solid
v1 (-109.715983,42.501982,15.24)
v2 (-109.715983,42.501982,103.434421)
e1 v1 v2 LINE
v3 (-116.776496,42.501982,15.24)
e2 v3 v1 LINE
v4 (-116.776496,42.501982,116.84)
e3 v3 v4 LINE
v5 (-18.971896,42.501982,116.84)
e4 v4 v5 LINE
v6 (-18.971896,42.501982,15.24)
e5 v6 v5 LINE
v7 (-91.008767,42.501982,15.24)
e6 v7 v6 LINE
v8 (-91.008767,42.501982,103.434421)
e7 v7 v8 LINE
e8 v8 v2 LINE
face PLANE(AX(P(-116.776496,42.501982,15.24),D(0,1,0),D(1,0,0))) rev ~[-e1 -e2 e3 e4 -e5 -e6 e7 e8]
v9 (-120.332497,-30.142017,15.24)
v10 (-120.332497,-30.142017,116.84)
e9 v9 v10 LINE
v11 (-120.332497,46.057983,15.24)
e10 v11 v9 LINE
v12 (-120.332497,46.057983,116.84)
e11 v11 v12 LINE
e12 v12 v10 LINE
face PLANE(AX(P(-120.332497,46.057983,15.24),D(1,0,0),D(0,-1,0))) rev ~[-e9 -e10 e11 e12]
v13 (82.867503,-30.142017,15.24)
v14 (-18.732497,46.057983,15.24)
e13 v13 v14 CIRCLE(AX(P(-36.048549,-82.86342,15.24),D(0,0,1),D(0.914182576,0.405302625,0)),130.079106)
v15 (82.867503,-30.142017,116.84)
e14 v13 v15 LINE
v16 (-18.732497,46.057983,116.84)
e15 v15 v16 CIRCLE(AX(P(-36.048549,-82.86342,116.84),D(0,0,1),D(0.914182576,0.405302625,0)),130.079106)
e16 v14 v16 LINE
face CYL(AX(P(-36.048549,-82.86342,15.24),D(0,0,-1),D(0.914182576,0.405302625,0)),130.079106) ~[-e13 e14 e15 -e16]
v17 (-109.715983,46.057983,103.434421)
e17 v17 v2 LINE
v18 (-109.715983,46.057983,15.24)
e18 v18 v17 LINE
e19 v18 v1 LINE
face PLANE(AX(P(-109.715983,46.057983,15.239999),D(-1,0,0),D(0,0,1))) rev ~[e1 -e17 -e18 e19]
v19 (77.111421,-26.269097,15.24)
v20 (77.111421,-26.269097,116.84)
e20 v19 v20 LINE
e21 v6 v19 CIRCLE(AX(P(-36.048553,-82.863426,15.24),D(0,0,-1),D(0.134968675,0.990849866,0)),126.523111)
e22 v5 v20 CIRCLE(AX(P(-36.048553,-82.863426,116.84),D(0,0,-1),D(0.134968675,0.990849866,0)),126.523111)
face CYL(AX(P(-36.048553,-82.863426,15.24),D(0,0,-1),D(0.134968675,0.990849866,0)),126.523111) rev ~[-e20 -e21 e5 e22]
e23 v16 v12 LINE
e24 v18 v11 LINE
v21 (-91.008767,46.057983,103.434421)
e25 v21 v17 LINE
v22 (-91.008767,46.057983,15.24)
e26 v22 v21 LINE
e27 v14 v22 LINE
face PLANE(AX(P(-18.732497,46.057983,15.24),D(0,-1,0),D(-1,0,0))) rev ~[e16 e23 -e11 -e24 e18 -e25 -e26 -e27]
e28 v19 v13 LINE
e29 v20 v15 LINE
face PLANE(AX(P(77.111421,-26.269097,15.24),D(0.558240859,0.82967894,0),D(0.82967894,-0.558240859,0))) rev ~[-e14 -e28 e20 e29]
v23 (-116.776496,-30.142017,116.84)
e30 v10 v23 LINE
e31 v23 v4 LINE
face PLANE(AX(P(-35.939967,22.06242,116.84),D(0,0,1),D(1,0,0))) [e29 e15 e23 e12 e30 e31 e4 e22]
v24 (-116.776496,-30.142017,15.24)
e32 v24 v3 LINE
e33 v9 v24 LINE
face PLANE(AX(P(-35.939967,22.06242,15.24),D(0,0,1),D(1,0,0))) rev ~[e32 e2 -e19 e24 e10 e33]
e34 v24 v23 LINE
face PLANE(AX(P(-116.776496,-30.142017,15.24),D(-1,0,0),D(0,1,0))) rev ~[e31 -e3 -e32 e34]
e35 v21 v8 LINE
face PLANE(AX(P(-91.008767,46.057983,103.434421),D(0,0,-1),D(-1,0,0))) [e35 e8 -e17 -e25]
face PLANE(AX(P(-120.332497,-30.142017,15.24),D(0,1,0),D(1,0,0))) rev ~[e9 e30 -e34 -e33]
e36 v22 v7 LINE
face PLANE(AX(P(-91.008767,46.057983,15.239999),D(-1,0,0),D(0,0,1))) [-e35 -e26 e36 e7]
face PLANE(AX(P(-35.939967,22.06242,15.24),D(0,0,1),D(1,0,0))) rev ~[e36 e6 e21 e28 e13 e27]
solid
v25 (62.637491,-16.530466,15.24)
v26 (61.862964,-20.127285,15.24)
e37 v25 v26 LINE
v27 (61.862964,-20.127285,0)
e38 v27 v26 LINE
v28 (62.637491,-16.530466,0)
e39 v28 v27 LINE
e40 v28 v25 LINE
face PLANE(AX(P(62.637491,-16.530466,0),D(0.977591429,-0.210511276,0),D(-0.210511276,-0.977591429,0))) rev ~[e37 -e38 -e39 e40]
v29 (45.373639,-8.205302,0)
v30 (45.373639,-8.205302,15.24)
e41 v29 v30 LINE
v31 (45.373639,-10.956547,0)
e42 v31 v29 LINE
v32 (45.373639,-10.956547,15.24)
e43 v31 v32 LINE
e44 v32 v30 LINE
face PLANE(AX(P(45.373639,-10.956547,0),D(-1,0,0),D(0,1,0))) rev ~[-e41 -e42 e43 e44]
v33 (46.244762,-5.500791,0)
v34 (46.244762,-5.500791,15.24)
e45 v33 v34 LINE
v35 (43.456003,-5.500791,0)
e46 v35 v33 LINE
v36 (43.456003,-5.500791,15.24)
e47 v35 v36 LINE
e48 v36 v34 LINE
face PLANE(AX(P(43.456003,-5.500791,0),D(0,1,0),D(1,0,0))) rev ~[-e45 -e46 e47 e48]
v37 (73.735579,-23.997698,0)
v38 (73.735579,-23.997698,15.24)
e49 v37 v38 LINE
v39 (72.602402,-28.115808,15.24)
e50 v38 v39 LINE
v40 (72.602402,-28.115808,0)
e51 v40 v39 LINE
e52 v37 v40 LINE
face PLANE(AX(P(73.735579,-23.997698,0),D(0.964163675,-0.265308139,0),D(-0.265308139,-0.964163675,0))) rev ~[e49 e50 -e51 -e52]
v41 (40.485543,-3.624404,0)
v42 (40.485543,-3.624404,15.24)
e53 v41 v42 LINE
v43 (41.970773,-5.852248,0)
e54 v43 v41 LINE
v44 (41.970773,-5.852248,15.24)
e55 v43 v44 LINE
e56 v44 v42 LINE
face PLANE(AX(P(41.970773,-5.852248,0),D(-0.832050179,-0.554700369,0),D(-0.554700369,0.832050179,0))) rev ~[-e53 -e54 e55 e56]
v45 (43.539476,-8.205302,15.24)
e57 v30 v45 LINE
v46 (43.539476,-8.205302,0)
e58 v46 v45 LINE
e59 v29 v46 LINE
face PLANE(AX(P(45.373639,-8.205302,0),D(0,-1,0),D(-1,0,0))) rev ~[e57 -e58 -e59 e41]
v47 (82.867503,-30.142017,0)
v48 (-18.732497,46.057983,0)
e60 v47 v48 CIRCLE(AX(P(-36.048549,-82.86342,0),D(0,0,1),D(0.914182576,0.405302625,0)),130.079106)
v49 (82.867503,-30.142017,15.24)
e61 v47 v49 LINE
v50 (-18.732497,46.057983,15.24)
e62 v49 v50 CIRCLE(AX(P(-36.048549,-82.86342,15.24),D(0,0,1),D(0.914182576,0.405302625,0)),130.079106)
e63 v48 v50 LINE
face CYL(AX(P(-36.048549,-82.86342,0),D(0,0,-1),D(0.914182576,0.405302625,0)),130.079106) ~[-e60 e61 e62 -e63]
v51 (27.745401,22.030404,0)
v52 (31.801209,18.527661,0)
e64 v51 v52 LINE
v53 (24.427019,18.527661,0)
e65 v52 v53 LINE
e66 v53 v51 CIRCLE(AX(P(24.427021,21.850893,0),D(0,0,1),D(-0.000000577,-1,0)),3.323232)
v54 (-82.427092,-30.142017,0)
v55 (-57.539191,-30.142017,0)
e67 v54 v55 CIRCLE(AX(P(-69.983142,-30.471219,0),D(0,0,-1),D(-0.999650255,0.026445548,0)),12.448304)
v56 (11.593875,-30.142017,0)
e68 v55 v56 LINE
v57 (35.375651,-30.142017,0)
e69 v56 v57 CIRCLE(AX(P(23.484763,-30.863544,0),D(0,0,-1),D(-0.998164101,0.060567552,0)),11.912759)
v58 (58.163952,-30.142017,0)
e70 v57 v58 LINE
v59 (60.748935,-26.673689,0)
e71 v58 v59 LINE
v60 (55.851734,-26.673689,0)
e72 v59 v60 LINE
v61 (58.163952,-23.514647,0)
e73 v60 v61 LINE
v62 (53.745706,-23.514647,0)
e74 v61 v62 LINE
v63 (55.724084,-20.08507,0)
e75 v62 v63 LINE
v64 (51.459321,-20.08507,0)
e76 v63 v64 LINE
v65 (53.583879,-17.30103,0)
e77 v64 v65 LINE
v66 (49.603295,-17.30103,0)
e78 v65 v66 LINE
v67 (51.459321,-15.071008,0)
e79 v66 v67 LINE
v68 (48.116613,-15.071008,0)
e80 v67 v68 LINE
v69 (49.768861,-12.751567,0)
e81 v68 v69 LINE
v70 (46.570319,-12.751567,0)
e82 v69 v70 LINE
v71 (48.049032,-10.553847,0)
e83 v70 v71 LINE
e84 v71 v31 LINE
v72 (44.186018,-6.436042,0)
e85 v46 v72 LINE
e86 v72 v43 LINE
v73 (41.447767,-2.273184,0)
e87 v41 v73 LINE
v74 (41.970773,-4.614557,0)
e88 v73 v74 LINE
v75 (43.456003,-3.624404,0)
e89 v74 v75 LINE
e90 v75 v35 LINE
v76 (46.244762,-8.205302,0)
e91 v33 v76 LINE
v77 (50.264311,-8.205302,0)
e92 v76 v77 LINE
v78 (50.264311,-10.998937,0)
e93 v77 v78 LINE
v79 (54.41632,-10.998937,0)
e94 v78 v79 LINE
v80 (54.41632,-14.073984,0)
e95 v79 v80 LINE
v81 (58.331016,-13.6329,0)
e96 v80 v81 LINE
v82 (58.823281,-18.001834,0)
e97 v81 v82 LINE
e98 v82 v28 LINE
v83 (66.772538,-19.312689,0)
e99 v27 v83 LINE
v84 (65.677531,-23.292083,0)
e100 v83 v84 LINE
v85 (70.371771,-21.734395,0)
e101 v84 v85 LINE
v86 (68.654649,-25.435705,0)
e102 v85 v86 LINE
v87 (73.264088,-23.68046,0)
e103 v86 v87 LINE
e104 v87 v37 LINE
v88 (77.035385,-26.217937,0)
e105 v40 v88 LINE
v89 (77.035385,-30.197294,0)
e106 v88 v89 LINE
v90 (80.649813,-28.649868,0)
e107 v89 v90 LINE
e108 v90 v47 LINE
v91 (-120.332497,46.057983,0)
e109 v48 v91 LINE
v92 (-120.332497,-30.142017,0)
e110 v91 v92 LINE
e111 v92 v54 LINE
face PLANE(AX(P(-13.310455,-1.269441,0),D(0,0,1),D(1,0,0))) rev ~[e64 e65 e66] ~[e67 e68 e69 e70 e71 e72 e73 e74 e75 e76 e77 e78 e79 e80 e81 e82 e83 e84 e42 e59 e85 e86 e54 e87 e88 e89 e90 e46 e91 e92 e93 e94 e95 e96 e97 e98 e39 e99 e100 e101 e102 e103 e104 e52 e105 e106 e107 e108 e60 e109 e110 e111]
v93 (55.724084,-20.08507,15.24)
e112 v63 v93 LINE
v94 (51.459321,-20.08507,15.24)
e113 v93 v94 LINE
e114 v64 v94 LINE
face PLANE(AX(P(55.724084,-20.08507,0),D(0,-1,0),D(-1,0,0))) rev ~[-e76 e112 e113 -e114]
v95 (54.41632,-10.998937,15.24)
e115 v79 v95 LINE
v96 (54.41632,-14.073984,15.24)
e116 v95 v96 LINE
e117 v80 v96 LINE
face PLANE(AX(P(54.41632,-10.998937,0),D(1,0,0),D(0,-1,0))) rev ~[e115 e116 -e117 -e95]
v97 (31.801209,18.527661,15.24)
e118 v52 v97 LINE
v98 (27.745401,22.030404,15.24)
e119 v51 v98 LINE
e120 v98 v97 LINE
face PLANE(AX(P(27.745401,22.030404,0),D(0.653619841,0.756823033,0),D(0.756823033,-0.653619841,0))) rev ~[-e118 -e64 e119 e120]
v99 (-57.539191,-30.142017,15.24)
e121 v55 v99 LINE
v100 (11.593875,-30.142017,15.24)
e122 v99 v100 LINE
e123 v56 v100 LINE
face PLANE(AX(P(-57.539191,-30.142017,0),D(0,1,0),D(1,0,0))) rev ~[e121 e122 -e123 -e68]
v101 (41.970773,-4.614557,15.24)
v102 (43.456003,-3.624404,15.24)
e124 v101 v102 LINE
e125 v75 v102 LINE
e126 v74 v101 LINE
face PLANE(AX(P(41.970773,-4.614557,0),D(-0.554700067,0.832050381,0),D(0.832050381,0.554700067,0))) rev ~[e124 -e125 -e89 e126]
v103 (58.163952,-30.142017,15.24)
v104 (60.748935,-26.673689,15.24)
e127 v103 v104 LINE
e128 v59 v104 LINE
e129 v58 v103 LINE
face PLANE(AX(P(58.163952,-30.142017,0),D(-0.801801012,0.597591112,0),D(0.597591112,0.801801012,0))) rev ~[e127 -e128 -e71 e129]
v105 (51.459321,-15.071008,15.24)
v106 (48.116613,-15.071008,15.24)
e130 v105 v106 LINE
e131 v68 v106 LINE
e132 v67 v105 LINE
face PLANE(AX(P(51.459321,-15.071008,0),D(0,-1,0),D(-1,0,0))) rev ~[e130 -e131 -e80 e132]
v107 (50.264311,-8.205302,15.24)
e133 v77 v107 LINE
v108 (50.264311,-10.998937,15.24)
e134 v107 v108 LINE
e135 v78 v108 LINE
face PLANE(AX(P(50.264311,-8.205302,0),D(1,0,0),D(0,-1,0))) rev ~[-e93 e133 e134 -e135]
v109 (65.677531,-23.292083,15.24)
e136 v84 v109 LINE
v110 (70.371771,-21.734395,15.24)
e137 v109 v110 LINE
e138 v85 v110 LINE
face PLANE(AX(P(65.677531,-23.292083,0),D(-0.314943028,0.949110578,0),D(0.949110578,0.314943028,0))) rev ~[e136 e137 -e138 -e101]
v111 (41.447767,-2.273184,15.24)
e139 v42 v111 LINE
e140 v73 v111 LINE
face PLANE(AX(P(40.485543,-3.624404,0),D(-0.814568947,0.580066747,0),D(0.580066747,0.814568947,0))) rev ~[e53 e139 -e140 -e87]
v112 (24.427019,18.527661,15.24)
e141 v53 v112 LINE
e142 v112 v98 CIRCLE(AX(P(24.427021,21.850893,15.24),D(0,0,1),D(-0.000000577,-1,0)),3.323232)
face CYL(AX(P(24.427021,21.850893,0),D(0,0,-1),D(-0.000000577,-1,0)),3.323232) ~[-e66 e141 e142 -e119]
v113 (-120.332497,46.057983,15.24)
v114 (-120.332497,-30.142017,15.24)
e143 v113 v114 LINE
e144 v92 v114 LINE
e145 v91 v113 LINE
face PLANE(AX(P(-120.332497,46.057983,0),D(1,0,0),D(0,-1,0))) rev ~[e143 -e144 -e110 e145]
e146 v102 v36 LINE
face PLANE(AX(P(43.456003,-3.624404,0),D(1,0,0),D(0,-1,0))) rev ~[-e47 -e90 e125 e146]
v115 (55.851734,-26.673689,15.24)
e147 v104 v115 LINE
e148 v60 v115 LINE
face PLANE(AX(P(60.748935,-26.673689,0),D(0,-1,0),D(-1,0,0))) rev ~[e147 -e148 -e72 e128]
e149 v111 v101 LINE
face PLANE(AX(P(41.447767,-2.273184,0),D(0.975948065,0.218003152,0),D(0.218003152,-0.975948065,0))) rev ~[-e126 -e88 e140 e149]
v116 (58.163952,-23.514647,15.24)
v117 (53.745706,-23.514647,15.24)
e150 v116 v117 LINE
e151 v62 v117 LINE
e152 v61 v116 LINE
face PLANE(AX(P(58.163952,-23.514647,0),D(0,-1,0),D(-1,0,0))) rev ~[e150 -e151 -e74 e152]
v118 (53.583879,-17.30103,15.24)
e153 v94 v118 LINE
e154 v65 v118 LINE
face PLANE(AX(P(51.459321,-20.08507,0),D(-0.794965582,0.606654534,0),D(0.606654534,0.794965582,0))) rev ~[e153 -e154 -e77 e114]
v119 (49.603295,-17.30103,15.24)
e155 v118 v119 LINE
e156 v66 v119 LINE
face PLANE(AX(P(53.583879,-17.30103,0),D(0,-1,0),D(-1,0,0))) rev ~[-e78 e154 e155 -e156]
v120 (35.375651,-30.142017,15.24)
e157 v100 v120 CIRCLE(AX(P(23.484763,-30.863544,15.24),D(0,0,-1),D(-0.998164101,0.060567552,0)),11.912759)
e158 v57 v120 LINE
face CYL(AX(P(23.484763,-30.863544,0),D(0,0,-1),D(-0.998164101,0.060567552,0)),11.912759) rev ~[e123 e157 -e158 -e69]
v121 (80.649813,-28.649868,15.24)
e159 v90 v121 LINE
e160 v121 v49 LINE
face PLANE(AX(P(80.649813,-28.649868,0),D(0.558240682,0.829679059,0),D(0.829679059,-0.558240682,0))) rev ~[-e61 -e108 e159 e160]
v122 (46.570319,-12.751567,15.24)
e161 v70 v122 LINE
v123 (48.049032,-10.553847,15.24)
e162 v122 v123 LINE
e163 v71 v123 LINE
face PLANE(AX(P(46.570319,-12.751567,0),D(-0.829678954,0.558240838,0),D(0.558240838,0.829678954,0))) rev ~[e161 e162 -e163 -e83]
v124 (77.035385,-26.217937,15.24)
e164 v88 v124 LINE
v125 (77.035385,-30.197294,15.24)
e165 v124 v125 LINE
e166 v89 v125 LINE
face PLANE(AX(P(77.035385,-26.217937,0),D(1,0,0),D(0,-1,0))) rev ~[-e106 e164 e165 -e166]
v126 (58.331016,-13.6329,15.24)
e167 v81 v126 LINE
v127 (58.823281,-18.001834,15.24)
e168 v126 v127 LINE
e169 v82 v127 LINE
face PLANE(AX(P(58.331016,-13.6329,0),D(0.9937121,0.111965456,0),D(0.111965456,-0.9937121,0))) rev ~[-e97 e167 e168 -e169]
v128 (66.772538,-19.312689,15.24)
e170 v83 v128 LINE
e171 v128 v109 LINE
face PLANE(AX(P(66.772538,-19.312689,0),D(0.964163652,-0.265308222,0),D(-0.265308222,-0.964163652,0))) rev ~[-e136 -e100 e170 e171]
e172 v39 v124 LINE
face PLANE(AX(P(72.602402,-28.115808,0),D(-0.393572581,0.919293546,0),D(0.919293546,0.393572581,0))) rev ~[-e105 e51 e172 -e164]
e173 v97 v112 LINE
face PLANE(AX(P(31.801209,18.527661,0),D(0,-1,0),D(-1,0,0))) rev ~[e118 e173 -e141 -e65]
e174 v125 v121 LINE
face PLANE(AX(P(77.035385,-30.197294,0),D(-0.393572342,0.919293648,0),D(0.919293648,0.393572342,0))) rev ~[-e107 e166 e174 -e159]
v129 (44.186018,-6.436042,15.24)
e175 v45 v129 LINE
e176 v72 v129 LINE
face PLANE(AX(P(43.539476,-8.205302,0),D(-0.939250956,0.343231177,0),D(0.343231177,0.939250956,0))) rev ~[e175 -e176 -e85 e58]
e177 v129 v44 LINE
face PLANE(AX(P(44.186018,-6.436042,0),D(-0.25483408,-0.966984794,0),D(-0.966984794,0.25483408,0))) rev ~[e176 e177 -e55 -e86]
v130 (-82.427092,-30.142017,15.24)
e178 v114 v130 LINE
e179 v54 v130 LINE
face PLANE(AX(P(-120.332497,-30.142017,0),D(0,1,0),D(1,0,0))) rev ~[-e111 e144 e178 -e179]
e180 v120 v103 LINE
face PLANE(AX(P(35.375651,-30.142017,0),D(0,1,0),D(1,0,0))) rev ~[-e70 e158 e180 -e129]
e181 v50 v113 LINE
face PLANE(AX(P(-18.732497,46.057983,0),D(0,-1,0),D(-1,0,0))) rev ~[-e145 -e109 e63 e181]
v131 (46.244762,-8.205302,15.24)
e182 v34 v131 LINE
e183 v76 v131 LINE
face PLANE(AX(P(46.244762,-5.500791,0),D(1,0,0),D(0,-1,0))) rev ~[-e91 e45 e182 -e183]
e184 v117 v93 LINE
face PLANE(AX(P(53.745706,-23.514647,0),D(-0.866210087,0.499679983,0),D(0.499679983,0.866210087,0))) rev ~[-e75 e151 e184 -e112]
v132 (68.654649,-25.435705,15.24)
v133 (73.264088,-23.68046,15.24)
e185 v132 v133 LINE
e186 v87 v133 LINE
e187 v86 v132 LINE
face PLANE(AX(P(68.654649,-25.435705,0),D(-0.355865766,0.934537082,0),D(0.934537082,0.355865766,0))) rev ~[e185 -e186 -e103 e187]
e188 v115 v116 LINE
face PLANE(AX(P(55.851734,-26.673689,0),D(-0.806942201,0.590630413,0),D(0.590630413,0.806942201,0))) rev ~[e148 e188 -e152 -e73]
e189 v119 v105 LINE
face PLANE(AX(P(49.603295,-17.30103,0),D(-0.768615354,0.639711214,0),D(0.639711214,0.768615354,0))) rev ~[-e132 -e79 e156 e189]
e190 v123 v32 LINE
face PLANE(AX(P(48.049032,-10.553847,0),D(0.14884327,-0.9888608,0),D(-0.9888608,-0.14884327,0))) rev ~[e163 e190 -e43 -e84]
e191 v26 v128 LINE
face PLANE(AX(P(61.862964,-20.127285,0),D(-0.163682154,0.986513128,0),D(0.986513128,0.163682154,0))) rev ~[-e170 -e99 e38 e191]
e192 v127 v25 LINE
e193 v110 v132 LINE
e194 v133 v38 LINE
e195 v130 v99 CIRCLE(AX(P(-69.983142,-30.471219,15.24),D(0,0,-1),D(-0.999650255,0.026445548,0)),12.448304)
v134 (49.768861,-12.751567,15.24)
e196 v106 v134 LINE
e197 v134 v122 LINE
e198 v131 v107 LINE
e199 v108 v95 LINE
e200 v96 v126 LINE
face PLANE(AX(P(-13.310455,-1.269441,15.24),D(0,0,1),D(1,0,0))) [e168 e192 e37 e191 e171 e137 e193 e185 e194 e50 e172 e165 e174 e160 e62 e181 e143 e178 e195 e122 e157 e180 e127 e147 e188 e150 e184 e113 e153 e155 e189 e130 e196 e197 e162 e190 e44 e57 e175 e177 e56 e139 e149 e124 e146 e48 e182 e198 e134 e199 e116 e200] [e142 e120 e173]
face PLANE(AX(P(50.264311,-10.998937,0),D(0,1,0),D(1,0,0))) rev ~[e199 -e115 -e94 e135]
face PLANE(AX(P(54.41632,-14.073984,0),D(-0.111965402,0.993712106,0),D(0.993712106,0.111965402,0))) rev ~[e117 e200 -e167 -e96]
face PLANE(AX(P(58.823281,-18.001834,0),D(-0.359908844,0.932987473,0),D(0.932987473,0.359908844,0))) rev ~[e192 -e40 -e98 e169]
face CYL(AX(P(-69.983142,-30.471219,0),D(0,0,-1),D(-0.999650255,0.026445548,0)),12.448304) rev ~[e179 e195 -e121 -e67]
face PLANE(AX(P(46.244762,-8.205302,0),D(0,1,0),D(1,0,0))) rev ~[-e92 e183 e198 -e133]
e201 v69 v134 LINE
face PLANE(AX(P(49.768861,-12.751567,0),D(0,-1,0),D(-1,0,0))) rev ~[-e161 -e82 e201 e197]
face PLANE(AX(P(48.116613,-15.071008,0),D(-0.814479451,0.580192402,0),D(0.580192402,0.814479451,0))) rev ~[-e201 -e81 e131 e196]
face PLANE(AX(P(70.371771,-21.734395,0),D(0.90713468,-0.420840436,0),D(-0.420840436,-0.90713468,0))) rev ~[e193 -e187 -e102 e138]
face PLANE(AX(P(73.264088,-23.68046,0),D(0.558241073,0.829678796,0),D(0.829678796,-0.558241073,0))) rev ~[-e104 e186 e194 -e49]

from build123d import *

# Parameters (mm, degrees)
F1_DEPTH = 15.24
F3_DEPTH = 101.6
F4_W     = 18.707216
F4_H     = 88.194421
F5_DEPTH = 25.4


with BuildPart() as f1:
    # F0 (on Top) → F1 (new body)
    with BuildSketch(Plane.XY):
        with BuildLine():
            Line((-18.732497, 46.057983), (-120.332497, 46.057983))
            Line((-120.332497, 46.057983), (-120.332497, -30.142017))
            Line((-120.332497, -30.142017), (-82.427092, -30.142017))
            ThreePointArc((-82.427092, -30.142017), (-69.983141, -18.022915), (-57.539191, -30.142017))
            Line((-57.539191, -30.142017), (11.593875, -30.142017))
            ThreePointArc((11.593875, -30.142017), (23.484763, -18.950785), (35.375651, -30.142017))
            Line((35.375651, -30.142017), (58.163952, -30.142017))
            Line((58.163952, -30.142017), (60.748935, -26.673689))
            Line((60.748935, -26.673689), (55.851734, -26.673689))
            Line((55.851734, -26.673689), (58.163952, -23.514647))
            Line((58.163952, -23.514647), (53.745706, -23.514647))
            Line((53.745706, -23.514647), (55.724084, -20.08507))
            Line((55.724084, -20.08507), (51.459321, -20.08507))
            Line((51.459321, -20.08507), (53.583879, -17.30103))
            Line((53.583879, -17.30103), (49.603295, -17.30103))
            Line((49.603295, -17.30103), (51.459321, -15.071008))
            Line((51.459321, -15.071008), (48.116613, -15.071008))
            Line((48.116613, -15.071008), (49.768861, -12.751567))
            Line((49.768861, -12.751567), (46.570319, -12.751567))
            Line((46.570319, -12.751567), (48.049032, -10.553847))
            Line((48.049032, -10.553847), (45.373639, -10.956547))
            Line((45.373639, -10.956547), (45.373639, -8.205302))
            Line((45.373639, -8.205302), (43.539476, -8.205302))
            Line((43.539476, -8.205302), (44.186018, -6.436042))
            Line((44.186018, -6.436042), (41.970773, -5.852248))
            Line((41.970773, -5.852248), (40.485543, -3.624404))
            Line((40.485543, -3.624404), (41.447767, -2.273184))
            Line((41.447767, -2.273184), (41.970773, -4.614557))
            Line((41.970773, -4.614557), (43.456003, -3.624404))
            Line((43.456003, -3.624404), (43.456003, -5.500791))
            Line((43.456003, -5.500791), (46.244762, -5.500791))
            Line((46.244762, -5.500791), (46.244762, -8.205302))
            Line((46.244762, -8.205302), (50.264311, -8.205302))
            Line((50.264311, -8.205302), (50.264311, -10.998937))
            Line((50.264311, -10.998937), (54.41632, -10.998937))
            Line((54.41632, -10.998937), (54.41632, -14.073984))
            Line((54.41632, -14.073984), (58.331016, -13.6329))
            Line((58.331016, -13.6329), (58.823281, -18.001834))
            Line((58.823281, -18.001834), (62.637491, -16.530466))
            Line((62.637491, -16.530466), (61.862964, -20.127285))
            Line((61.862964, -20.127285), (66.772538, -19.312689))
            Line((66.772538, -19.312689), (65.677531, -23.292083))
            Line((65.677531, -23.292083), (70.371771, -21.734395))
            Line((70.371771, -21.734395), (68.654649, -25.435705))
            Line((68.654649, -25.435705), (73.264088, -23.68046))
            Line((73.264088, -23.68046), (73.735579, -23.997698))
            Line((73.735579, -23.997698), (72.602402, -28.115808))
            Line((72.602402, -28.115808), (77.035385, -26.217937))
            Line((77.035385, -26.217937), (77.035385, -30.197294))
            Line((77.035385, -30.197294), (80.649813, -28.649868))
            Line((80.649813, -28.649868), (82.867503, -30.142017))
            ThreePointArc((82.867503, -30.142017), (41.998914, 21.199865), (-18.732497, 46.057983))
        make_face()
        with BuildLine():
            ThreePointArc((24.427019, 18.527661), (26.839532, 19.56536), (27.745401, 22.030404))
            Line((27.745401, 22.030404), (31.801209, 18.527661))
            Line((31.801209, 18.527661), (24.427019, 18.527661))
        make_face(mode=Mode.SUBTRACT)
    extrude(amount=F1_DEPTH)


with BuildPart() as f3:
    # F2 (on face) → F3 (new body)
    with BuildSketch(Plane.XY.offset(15.24)):
        with BuildLine():
            Line((77.111421, -26.269097), (82.867503, -30.142017))
            ThreePointArc((82.867503, -30.142017), (41.998914, 21.199865), (-18.732497, 46.057983))
            Line((-18.732497, 46.057983), (-120.332497, 46.057983))
            Line((-120.332497, 46.057983), (-120.332497, -30.142017))
            Line((-120.332497, -30.142017), (-116.776496, -30.142017))
            Line((-116.776496, -30.142017), (-116.776496, 42.501982))
            Line((-116.776496, 42.501982), (-18.971896, 42.501982))
            ThreePointArc((-18.971896, 42.501982), (37.590841, 20.021643), (77.111421, -26.269097))
        make_face()
    extrude(amount=F3_DEPTH)

    # F4 (on face) → F5 (cut)
    with BuildSketch(Plane(origin=(0, 46.057983, 0), x_dir=(-1, 0, 0), z_dir=(0, 1, 0))):
        with Locations((100.362375, 59.33721)):
            Rectangle(F4_W, F4_H)
    extrude(amount=-F5_DEPTH, mode=Mode.SUBTRACT)


solid = Compound([f1.part, f3.part])
